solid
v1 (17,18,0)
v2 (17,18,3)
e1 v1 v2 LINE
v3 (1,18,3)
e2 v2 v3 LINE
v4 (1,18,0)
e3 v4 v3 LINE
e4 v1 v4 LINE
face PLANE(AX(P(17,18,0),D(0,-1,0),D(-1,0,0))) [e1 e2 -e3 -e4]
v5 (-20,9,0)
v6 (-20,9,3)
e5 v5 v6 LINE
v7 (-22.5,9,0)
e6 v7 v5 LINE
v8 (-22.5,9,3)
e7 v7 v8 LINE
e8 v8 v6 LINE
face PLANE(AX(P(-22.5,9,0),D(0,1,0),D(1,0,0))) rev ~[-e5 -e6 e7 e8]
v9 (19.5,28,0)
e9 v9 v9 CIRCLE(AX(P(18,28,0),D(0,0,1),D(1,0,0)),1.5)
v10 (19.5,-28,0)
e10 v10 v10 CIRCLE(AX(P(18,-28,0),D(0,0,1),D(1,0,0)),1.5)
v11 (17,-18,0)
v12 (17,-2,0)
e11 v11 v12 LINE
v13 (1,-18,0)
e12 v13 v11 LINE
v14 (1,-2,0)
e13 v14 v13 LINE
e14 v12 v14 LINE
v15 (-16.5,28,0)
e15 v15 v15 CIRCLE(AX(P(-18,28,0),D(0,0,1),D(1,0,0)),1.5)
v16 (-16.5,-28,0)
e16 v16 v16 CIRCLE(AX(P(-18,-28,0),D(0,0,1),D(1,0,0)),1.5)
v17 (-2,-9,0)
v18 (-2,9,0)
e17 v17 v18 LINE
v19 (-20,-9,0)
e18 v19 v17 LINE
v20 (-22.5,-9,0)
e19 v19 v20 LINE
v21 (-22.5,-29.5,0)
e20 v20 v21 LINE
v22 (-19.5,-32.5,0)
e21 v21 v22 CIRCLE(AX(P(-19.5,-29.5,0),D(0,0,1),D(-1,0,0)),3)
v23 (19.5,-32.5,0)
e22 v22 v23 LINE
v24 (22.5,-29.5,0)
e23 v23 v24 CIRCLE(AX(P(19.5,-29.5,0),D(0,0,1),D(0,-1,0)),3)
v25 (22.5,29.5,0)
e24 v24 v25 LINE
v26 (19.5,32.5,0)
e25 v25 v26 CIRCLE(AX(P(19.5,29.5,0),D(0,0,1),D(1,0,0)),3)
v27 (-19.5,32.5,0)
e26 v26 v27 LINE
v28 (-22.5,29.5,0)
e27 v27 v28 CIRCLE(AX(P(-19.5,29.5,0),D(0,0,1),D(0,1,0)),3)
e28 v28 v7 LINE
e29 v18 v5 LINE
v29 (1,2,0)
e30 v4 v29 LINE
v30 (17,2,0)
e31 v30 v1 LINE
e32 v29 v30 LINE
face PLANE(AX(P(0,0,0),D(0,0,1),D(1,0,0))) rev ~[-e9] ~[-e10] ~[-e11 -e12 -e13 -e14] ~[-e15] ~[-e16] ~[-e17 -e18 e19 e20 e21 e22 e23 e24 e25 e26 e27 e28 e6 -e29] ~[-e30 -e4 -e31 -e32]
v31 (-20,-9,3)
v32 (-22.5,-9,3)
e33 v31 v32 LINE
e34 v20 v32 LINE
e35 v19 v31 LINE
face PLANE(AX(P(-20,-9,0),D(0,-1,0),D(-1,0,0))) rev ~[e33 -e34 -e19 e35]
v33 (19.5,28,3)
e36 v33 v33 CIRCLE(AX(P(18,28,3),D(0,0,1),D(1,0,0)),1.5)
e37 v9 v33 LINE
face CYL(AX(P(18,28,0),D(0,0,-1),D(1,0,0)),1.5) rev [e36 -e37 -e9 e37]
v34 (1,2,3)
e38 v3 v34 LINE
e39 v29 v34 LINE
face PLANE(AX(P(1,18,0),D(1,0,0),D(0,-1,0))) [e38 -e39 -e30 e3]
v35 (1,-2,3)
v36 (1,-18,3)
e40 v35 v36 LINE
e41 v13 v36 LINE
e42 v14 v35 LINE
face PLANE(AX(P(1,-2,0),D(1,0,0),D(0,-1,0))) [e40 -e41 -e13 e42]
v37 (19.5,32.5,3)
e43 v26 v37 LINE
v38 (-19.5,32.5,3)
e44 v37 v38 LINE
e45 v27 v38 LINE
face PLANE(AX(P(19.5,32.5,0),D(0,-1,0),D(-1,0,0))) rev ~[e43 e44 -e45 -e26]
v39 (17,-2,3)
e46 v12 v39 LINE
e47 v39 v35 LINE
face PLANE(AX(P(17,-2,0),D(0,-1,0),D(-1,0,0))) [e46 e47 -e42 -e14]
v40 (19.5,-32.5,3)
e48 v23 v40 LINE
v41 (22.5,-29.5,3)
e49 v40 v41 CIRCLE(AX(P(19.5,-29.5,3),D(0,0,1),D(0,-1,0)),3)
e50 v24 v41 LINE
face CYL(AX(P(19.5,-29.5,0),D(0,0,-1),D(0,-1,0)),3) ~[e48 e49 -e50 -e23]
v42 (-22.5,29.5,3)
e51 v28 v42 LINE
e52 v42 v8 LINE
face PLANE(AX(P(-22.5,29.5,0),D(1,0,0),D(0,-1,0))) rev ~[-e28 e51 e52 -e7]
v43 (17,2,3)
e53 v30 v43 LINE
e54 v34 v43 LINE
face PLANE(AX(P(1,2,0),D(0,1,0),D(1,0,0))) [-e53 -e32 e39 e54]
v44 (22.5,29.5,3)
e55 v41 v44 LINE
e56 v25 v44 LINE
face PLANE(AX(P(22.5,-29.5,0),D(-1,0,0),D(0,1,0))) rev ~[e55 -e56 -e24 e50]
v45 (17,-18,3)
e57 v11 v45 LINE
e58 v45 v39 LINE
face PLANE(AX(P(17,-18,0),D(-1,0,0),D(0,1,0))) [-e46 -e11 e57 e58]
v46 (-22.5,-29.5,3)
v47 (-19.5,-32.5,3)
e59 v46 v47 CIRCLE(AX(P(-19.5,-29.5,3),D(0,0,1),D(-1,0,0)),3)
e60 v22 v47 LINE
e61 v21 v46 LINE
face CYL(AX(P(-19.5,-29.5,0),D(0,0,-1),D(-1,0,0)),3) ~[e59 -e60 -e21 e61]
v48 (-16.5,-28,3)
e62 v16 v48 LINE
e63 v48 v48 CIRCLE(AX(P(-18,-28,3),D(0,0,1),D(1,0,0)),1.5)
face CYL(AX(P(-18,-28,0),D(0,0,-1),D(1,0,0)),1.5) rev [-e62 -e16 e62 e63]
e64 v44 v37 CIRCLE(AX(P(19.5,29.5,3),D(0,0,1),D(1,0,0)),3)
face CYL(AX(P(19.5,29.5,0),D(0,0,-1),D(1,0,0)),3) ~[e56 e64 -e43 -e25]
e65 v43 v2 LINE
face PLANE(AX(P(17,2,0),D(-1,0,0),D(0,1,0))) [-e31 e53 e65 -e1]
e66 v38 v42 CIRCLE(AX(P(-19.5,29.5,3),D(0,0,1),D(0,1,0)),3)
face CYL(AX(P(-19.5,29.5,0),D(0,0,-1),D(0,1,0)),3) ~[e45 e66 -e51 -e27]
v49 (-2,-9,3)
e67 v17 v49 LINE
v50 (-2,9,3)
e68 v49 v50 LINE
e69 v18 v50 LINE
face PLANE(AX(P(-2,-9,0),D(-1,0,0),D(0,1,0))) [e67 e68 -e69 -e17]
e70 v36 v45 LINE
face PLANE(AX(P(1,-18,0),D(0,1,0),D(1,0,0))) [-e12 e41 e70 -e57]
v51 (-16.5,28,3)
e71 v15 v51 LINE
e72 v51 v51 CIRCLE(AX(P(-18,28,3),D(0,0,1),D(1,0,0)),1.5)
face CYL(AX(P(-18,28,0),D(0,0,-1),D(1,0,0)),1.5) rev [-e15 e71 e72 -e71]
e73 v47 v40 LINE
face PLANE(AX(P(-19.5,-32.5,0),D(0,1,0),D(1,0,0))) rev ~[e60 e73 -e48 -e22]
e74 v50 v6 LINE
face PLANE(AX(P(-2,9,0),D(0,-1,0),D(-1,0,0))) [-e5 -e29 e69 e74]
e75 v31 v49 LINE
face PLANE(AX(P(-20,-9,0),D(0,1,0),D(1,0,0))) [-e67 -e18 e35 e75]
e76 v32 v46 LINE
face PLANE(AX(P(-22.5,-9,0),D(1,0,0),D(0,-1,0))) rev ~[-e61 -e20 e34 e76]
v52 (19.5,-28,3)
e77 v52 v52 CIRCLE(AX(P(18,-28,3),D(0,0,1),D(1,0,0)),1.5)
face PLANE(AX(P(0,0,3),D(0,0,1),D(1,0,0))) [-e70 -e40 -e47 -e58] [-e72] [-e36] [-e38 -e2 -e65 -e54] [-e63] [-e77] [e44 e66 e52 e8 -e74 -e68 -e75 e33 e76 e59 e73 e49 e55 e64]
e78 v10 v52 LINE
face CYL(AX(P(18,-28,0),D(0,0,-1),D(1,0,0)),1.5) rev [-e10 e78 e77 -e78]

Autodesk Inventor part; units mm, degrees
ref_plane "YZ Plane" through (0, 0, 0) normal (1, 0, 0) x (0, 1, 0)
ref_plane "XZ Plane" through (0, 0, 0) normal (0, 1, 0) x (-1, 0, 0)
ref_plane "XY Plane" through (0, 0, 0) normal (0, 0, 1) x (1, 0, 0)
sketch "Эскиз1" plane through (0, 0, 0) normal (0, 0, 1) x (1, 0, 0)
  arc A0 (22.5, 29.5) -> (19.5, 32.5) centre (19.5, 29.5) ccw projected
  line L0 (22.5, -29.5) -> (22.5, 29.5) projected
  arc A1 (19.5, -32.5) -> (22.5, -29.5) centre (19.5, -29.5) ccw projected
  line L1 (-19.5, -32.5) -> (19.5, -32.5) projected
  line L2 (19.5, 32.5) -> (-19.5, 32.5) projected
  arc A2 (-19.5, 32.5) -> (-22.5, 29.5) centre (-19.5, 29.5) ccw projected
  line L3 (-22.5, 29.5) -> (-22.5, 9) projected
  line L4 (-22.5, -9) -> (-22.5, -29.5) projected
  arc A3 (-22.5, -29.5) -> (-19.5, -32.5) centre (-19.5, -29.5) ccw projected
  circle A4 centre (-18, -28) radius 1.5 projected
  circle A5 centre (18, -28) radius 1.5 projected
  circle A6 centre (18, 28) radius 1.5 projected
  circle A7 centre (-18, 28) radius 1.5 projected
  line L5 (-2, 9) -> (-20, 9) projected
  line L6 (-22.5, 9) -> (-20, 9) projected
  line L7 (-2, -9) -> (-2, 9) projected
  line L8 (-20, -9) -> (-2, -9) projected
  line L9 (-20, -9) -> (-22.5, -9) projected
  line L10 (1, -2) -> (1, -18) projected
  line L11 (1, -18) -> (17, -18) projected
  line L12 (17, -18) -> (17, -2) projected
  line L13 (17, -2) -> (1, -2) projected
  line L14 (1, 18) -> (1, 2) projected
  line L15 (1, 2) -> (17, 2) projected
  line L16 (17, 2) -> (17, 18) projected
  line L17 (17, 18) -> (1, 18) projected
  point P0 (0, 0)
extrude "Выдавливание1" add sketch "Эскиз1" along normal blind 3
properties part number "level2_up"
